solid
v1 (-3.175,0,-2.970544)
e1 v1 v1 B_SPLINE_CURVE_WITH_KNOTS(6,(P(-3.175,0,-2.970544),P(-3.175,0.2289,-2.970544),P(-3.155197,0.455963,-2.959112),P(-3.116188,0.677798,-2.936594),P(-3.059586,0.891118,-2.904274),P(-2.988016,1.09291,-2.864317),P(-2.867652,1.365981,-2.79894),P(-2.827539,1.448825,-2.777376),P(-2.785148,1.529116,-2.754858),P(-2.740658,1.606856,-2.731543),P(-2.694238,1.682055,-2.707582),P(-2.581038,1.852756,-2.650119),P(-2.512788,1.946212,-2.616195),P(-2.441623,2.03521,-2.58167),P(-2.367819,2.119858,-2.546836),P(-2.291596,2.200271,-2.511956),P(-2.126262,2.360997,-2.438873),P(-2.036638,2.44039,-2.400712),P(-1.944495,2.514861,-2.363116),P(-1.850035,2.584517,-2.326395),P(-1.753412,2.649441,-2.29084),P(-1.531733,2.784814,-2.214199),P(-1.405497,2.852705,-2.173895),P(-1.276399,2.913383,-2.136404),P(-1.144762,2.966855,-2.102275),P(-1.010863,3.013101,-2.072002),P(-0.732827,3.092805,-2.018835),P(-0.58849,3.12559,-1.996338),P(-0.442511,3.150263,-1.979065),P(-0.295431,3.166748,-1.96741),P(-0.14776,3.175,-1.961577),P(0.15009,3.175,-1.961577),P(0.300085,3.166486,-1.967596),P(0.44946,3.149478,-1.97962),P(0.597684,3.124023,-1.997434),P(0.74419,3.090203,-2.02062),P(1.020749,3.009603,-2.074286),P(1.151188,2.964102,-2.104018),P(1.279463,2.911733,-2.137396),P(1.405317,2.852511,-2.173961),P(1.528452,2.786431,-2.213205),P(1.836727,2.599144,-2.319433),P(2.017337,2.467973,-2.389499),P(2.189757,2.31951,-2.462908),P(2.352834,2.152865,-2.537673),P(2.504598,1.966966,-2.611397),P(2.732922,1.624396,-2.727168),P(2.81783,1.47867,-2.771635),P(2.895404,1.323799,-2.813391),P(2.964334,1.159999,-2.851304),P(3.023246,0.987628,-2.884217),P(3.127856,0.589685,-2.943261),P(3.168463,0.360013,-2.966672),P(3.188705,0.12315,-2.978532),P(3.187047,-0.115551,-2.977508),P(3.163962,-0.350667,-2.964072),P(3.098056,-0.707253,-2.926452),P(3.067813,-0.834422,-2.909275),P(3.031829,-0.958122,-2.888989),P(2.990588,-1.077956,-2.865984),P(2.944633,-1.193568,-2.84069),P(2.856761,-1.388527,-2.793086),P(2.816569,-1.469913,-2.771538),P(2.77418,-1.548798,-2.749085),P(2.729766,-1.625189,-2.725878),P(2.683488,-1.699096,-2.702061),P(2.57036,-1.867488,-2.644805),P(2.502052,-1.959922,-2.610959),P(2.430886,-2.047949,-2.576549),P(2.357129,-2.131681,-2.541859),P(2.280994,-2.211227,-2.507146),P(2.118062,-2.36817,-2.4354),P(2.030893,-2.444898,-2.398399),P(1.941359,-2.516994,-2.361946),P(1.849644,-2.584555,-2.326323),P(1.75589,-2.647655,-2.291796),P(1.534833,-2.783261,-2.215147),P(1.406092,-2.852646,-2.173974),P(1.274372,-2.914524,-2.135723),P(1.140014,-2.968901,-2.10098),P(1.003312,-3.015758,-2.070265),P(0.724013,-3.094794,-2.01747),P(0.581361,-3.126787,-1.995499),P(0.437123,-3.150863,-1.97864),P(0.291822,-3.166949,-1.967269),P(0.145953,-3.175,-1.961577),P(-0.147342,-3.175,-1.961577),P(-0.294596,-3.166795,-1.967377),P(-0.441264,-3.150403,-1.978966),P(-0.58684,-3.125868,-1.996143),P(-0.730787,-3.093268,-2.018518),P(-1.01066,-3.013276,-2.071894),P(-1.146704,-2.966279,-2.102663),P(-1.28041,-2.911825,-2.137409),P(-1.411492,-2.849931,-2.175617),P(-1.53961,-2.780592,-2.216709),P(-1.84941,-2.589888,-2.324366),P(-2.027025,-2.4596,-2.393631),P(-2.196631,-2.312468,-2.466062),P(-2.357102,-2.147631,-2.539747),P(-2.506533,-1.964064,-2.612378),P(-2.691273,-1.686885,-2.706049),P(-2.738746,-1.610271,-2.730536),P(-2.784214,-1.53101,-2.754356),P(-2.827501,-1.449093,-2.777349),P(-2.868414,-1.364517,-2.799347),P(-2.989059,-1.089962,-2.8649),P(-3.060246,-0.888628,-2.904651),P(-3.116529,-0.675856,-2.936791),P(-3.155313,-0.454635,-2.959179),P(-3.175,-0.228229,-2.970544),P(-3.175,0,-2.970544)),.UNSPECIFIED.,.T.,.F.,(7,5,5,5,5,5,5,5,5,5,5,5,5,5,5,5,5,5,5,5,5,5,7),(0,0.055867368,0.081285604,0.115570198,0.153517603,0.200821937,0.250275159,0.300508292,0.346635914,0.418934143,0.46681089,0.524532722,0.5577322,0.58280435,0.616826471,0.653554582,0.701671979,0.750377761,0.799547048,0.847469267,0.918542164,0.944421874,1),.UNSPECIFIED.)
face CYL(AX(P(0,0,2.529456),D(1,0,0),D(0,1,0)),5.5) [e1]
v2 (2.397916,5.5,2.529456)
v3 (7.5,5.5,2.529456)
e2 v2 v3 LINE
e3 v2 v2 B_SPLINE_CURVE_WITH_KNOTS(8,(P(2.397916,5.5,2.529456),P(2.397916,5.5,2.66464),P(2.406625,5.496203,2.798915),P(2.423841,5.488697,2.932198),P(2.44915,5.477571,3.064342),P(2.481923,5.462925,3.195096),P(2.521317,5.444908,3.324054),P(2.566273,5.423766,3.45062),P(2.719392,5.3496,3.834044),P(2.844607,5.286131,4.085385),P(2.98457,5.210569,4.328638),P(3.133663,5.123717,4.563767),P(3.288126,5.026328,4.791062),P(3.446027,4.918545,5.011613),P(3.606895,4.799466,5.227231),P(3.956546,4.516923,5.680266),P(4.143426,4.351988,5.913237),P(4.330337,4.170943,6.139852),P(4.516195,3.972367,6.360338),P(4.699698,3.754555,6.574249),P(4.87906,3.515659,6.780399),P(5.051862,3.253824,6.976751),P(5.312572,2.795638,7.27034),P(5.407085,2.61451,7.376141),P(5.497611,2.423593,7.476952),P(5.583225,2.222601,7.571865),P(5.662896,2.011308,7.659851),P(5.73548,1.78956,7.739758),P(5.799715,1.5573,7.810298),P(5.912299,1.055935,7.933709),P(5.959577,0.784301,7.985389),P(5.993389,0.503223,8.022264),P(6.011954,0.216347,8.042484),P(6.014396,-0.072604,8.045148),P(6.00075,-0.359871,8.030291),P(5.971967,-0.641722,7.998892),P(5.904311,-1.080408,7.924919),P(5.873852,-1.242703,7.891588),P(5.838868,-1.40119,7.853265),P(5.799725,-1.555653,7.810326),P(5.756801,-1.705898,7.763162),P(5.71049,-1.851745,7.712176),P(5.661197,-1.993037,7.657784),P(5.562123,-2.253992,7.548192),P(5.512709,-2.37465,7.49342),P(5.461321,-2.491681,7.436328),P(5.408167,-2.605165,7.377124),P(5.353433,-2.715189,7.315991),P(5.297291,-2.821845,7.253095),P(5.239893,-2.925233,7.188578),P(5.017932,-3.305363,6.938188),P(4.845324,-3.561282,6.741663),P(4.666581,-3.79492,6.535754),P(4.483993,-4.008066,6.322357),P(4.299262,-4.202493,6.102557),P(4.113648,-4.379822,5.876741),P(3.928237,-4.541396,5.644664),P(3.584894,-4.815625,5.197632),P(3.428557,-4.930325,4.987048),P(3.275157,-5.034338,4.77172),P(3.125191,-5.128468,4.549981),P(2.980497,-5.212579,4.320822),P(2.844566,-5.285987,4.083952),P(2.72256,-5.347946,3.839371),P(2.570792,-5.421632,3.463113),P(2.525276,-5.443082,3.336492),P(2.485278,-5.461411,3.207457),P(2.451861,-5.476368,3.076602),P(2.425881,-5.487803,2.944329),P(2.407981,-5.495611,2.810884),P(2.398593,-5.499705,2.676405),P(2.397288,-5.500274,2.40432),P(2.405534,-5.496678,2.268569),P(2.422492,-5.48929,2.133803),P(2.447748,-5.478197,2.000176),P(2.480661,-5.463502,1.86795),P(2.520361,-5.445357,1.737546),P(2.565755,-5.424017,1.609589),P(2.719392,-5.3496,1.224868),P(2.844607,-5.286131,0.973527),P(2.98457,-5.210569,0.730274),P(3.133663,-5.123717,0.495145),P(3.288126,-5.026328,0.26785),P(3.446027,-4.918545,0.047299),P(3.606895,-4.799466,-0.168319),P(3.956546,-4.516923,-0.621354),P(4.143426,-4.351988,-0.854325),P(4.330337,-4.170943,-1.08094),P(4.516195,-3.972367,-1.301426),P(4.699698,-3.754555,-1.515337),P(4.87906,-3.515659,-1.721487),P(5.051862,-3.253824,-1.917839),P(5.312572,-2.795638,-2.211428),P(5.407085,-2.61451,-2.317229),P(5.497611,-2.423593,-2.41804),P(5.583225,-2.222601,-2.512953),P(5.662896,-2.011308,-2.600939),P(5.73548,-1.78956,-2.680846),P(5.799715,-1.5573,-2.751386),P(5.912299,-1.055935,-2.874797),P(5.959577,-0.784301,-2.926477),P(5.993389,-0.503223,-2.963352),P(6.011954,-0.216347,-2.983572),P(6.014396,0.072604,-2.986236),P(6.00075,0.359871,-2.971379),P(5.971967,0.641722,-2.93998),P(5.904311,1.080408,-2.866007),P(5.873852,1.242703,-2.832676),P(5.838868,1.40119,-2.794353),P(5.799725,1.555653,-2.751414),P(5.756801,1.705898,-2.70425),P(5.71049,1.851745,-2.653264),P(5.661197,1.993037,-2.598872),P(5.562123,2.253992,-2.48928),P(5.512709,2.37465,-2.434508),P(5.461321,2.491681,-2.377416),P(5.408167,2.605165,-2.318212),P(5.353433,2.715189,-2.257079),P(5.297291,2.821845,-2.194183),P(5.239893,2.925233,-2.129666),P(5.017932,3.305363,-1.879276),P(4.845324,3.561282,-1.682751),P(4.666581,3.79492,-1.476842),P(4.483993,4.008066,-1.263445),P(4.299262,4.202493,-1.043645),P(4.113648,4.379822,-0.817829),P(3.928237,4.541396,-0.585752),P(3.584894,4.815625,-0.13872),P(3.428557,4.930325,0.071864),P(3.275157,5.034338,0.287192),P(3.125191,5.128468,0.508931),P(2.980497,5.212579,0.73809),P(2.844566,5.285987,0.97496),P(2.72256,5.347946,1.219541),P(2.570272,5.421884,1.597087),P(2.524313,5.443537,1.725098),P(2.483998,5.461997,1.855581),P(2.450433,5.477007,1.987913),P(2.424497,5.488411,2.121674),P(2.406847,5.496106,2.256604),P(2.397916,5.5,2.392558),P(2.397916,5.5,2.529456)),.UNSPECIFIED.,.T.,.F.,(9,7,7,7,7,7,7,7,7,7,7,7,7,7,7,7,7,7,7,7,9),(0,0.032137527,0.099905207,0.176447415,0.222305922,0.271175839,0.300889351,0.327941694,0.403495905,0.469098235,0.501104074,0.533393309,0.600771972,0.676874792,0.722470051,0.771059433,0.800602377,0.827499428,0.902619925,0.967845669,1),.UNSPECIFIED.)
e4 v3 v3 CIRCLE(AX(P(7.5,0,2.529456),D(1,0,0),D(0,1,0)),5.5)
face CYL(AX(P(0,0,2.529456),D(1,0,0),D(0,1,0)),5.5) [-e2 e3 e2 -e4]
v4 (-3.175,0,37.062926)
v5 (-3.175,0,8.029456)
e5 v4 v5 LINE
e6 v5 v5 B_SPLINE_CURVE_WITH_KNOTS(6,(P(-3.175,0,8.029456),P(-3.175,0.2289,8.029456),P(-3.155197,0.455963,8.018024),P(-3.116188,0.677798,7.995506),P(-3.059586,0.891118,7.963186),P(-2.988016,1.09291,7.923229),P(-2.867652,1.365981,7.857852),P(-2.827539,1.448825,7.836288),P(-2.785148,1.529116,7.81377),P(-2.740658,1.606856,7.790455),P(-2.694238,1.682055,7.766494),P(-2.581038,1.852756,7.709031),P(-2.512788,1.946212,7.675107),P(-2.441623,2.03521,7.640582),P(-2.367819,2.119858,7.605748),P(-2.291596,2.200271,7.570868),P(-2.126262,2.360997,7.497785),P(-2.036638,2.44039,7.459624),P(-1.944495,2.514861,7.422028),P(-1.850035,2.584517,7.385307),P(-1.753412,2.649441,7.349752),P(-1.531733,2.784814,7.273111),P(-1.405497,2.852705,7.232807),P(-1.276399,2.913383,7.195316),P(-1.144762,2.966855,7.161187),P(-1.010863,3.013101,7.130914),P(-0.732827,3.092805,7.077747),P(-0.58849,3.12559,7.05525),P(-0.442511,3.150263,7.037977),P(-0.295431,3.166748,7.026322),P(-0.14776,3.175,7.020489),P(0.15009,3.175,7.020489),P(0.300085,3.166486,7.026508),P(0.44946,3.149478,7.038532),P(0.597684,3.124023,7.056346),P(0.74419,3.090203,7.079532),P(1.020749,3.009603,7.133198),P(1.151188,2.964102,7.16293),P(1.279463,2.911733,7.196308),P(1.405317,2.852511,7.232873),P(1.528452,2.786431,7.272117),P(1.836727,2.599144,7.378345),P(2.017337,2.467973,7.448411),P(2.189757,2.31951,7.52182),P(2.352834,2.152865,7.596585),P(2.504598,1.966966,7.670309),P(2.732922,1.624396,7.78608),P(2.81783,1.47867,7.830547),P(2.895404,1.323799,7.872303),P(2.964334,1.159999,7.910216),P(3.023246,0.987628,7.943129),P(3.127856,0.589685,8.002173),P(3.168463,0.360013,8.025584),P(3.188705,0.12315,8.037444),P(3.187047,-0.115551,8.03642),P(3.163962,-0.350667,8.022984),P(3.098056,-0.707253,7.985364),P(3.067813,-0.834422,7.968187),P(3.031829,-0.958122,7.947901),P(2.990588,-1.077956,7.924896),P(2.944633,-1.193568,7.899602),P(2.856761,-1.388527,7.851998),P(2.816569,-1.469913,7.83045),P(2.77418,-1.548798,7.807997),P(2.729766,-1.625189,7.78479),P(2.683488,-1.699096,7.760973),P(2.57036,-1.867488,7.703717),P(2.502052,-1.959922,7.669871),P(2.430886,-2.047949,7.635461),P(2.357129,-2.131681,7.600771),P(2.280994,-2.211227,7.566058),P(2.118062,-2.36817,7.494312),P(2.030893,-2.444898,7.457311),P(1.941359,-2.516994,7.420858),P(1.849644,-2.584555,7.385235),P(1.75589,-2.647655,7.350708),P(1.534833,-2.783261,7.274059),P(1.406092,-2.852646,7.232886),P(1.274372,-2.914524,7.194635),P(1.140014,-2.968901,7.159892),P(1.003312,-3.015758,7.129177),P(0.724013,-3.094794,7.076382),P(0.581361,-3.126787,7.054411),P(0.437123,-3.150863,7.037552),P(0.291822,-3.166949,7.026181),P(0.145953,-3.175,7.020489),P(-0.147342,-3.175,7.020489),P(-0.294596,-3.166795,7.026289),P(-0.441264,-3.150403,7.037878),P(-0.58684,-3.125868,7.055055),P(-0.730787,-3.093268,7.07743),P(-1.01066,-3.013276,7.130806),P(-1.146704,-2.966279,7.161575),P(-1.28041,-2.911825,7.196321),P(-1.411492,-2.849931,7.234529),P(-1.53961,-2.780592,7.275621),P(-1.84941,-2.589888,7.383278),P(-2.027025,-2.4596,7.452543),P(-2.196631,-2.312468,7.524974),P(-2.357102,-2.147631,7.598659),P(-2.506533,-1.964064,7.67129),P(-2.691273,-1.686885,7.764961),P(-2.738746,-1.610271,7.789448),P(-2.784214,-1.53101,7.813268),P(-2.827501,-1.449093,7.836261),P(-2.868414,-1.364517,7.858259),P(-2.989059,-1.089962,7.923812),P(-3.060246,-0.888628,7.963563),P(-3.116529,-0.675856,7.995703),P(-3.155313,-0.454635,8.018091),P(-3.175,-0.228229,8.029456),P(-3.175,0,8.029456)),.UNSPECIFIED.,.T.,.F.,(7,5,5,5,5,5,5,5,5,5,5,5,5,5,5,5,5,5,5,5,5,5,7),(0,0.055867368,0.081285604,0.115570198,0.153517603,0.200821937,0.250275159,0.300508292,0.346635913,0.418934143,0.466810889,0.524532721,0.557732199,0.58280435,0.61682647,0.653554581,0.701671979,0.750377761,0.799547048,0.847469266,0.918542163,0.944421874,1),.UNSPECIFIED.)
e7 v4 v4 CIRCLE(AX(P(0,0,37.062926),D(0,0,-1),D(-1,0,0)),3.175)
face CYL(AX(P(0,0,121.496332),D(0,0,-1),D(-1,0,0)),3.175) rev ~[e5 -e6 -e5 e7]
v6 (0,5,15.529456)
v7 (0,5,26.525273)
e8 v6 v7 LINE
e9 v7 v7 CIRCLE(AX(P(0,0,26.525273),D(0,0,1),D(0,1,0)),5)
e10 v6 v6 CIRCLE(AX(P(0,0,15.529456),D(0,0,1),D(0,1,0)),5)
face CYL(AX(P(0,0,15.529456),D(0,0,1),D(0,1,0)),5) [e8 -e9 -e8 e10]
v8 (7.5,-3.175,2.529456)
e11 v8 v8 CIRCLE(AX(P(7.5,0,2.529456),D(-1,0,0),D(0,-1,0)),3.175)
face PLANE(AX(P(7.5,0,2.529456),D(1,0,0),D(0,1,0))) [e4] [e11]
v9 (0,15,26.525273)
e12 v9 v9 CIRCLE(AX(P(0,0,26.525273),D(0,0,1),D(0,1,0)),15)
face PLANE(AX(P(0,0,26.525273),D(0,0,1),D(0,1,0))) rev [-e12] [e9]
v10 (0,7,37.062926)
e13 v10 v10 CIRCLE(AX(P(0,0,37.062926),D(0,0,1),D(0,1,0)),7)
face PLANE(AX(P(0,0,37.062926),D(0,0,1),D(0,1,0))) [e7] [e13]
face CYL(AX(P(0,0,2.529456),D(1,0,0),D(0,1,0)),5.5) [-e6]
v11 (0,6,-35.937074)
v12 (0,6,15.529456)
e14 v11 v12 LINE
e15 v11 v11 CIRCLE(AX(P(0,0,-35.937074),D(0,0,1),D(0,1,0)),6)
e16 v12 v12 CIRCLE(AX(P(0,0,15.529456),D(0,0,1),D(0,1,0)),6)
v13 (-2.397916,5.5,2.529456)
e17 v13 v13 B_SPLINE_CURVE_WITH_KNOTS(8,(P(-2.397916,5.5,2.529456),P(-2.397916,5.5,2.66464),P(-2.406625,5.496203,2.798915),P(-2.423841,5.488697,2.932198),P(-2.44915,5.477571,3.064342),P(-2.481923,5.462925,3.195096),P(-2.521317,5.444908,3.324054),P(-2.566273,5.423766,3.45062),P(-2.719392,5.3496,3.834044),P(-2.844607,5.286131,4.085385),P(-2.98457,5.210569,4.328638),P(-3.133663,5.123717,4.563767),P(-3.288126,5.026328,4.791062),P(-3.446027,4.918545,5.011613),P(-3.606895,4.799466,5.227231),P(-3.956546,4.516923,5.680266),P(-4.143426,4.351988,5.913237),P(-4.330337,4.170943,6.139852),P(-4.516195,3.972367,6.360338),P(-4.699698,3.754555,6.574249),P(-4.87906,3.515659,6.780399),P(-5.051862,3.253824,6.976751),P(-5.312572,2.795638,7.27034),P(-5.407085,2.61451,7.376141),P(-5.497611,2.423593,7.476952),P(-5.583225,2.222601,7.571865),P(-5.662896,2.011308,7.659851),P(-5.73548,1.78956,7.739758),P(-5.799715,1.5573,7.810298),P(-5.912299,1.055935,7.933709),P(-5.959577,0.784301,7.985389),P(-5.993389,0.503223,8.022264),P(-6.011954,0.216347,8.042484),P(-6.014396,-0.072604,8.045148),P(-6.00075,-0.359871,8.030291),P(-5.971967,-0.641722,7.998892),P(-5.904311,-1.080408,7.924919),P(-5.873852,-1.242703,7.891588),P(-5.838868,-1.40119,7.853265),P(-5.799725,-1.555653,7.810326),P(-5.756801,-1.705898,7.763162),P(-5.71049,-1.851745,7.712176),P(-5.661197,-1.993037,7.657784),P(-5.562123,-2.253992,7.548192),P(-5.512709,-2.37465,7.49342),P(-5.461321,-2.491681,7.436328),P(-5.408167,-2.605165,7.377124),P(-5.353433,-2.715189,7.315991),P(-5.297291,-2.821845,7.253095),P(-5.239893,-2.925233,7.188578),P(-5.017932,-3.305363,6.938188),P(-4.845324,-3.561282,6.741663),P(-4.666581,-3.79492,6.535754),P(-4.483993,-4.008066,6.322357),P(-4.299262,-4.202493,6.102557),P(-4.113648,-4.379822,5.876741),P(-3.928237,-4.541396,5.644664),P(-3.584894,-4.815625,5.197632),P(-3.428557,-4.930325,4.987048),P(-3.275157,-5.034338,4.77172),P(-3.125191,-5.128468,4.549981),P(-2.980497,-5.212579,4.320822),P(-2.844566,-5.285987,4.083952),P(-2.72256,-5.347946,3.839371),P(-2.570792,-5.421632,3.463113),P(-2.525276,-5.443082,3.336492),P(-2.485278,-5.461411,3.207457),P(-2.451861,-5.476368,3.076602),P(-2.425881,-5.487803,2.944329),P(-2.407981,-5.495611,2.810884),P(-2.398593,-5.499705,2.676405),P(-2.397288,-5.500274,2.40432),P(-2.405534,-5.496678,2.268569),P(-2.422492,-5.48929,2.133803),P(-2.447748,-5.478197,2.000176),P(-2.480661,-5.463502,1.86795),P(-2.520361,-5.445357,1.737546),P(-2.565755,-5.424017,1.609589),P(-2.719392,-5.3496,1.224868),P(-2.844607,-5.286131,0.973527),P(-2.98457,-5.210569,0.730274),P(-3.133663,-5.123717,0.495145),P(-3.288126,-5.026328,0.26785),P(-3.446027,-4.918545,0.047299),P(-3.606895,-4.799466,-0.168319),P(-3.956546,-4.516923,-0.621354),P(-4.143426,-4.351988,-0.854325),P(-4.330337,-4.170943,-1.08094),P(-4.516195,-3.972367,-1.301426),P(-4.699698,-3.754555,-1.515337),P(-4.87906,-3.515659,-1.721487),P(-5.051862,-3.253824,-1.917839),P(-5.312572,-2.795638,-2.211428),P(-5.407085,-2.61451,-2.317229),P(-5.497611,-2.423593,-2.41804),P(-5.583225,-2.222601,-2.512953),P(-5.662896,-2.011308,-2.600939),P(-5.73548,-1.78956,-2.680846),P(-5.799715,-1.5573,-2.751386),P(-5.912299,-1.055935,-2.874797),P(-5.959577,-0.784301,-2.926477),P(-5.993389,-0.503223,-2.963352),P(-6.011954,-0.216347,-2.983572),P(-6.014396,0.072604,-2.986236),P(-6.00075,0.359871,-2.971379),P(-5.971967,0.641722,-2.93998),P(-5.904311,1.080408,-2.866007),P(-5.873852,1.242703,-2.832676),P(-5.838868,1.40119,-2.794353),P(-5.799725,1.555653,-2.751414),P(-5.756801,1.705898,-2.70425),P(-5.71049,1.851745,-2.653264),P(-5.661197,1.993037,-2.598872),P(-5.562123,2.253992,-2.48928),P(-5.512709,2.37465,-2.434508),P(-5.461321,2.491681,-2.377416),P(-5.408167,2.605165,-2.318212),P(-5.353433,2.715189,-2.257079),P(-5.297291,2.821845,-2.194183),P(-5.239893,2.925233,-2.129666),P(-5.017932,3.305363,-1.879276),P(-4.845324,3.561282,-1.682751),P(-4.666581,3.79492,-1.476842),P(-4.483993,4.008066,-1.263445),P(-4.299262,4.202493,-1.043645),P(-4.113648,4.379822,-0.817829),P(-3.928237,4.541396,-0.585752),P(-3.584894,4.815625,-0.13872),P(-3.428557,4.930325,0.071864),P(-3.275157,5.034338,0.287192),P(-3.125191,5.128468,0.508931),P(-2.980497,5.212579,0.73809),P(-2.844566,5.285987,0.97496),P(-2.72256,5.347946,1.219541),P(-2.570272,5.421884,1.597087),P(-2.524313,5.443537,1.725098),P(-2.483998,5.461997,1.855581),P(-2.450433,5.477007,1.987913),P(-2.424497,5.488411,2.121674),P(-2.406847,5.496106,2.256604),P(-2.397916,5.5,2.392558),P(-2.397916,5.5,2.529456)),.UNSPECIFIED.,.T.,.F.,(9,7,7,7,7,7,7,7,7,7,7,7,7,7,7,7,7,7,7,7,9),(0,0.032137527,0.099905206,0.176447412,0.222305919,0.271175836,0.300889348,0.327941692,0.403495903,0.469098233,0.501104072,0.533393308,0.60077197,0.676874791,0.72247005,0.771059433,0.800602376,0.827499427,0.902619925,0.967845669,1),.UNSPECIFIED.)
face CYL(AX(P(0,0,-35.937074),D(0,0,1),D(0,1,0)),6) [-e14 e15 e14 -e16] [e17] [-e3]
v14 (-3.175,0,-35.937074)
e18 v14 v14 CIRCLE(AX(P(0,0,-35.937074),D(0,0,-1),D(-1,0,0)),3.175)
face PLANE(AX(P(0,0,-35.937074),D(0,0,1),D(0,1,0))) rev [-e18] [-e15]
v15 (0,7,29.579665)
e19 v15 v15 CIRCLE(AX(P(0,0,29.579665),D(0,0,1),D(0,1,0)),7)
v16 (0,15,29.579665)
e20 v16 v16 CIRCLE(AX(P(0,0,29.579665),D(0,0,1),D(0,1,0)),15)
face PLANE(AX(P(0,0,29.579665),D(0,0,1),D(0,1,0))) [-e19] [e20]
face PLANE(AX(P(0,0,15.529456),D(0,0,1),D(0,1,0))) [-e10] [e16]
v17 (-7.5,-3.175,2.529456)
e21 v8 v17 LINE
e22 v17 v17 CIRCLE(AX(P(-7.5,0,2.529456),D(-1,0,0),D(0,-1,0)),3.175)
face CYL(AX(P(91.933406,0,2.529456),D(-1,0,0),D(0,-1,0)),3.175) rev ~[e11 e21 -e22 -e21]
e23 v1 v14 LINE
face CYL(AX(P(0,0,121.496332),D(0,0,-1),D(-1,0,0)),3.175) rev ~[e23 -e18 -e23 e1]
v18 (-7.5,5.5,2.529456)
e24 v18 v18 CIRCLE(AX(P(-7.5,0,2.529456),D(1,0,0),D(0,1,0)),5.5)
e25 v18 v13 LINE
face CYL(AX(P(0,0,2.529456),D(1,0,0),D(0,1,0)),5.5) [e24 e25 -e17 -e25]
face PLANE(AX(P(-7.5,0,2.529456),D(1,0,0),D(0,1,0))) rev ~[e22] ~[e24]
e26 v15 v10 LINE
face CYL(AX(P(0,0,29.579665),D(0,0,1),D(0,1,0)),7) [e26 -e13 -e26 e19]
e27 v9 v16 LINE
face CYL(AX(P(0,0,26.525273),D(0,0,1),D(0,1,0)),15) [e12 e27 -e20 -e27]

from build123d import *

# Parameters (mm, degrees)
F3_D     = 6.35
F4_R     = 5.5
F5_DEPTH = 7.5
F7_D     = 6.35


with BuildPart() as f1:
    # F0 (on Right) → F1 (revolve)
    with BuildSketch(Plane.YZ):
        Polygon((0, 37.062926), (0, -35.937074), (6, -35.937074), (6, 15.529456), (5, 15.529456), (5, 26.525273), (15, 26.525273), (15, 29.579665), (7, 29.579665), (7, 37.062926), align=None)
    revolve(axis=Axis((0, 0, 0.562926), (0, 0, 1)))

    # F3 (through all)
    with Locations(Plane.XY.offset(37.062926)):
        with Locations((0, 0)):
            Hole(F3_D / 2)

    # F4 (on Right) → F5 (join, symmetric)
    with BuildSketch(Plane.YZ):
        with Locations((0, 2.529456)):
            Circle(F4_R)
    extrude(amount=F5_DEPTH, both=True)

    # F7 (through all)
    with Locations(Plane.YZ.offset(7.5)):
        with Locations((0, 2.529456)):
            Hole(F7_D / 2)


solid = f1.part
